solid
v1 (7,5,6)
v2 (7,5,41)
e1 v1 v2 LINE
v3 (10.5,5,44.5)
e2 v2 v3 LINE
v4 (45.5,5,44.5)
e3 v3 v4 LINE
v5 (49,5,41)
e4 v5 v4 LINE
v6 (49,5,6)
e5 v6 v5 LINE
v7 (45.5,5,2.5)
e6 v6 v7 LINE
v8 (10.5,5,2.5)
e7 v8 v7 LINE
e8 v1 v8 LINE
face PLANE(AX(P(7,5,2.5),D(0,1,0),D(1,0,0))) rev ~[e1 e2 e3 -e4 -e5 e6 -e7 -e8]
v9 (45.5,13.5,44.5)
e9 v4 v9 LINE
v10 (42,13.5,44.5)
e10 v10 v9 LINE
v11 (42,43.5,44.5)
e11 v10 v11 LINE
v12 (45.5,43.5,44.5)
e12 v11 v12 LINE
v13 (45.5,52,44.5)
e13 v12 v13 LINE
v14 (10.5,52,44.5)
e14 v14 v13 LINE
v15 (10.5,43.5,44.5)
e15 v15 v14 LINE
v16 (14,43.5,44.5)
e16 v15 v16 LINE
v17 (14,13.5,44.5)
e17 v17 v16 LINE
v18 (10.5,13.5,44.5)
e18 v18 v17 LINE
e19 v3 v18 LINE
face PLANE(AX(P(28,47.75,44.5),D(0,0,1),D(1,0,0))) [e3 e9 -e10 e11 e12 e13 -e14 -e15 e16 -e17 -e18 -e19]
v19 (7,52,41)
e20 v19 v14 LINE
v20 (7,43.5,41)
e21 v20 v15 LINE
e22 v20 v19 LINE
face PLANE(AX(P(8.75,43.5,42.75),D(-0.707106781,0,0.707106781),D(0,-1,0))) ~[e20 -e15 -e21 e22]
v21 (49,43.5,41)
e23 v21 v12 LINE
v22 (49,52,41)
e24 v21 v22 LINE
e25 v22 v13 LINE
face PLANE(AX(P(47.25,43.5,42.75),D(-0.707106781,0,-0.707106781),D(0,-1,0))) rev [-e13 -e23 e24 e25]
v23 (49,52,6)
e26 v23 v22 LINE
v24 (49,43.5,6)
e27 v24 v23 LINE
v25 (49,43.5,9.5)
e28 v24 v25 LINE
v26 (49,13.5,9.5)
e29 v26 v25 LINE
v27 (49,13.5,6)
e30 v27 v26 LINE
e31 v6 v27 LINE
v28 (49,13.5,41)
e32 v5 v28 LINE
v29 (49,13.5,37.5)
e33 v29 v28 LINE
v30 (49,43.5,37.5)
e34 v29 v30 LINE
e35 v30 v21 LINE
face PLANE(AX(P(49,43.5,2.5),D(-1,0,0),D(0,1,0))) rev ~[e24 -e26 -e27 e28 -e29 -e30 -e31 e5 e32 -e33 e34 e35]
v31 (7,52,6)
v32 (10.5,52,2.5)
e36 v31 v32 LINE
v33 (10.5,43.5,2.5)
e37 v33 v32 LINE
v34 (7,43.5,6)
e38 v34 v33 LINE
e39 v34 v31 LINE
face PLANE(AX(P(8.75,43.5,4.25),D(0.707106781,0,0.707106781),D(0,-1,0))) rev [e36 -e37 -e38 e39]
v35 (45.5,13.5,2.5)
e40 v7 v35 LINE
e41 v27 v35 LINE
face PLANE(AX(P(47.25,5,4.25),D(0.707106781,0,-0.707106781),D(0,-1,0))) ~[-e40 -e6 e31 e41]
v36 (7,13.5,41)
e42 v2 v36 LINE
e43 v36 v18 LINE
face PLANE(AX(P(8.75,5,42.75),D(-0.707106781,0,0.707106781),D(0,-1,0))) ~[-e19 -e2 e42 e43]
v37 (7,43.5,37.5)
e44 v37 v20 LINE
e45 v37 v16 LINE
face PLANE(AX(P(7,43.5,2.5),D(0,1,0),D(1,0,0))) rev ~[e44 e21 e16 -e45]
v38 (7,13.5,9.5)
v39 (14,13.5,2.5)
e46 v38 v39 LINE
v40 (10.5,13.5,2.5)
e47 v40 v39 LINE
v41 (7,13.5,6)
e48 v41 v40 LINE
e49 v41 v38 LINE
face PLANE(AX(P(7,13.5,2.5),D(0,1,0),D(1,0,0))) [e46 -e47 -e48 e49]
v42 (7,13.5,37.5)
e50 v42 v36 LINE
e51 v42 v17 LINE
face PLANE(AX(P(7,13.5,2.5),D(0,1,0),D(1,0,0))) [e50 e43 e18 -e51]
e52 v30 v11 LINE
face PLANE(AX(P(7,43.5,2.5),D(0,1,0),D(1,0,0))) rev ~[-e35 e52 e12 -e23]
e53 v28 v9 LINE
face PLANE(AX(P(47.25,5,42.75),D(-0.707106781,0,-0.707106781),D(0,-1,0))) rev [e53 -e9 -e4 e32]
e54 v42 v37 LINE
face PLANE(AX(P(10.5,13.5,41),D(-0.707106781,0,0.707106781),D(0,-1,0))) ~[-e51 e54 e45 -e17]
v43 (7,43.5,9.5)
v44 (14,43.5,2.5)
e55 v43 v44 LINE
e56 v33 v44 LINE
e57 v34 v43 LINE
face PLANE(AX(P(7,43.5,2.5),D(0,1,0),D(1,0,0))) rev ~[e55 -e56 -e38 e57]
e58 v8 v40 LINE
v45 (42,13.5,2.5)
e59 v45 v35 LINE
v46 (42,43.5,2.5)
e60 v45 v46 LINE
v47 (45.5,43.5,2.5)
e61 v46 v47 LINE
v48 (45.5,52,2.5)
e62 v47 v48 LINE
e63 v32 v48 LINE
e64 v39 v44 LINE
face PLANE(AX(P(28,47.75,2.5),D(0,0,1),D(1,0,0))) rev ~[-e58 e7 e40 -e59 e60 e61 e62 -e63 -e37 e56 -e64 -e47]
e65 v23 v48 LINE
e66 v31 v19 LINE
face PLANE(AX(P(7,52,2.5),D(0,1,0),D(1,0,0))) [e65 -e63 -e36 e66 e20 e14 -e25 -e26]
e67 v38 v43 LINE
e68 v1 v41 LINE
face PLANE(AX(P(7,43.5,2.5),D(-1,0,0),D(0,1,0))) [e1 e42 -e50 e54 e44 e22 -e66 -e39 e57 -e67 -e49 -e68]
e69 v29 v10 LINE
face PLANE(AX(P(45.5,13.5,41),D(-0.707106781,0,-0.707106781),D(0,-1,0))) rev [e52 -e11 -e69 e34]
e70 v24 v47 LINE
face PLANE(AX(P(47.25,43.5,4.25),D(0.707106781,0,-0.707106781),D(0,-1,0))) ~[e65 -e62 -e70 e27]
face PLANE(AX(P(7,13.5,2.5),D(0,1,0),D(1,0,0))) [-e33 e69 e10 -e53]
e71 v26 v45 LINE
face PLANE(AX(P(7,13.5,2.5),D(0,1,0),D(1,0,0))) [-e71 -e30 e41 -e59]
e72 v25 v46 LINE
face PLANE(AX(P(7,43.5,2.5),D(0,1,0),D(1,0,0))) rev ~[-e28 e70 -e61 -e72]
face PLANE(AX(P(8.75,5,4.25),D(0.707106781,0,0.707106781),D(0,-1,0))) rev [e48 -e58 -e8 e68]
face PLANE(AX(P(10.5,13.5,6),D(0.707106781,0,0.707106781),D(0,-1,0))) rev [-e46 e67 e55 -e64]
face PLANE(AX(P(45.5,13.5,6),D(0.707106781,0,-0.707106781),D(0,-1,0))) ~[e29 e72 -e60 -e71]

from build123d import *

# Parameters (mm, degrees)
BOX013_W        = 42
BOX013_H        = 8.5
BOX013_DEPTH    = 42
CHAMFER001_SIZE = 3.5
BOX_W           = 42
BOX_H           = 30
BOX_DEPTH       = 42
CHAMFER002_SIZE = 7
BOX012_W        = 42
BOX012_H        = 8.5
BOX012_DEPTH    = 42
CHAMFER_SIZE    = 3.5


with BuildPart() as chamfer001:
    # Box013 → Box013 (new body)
    with BuildSketch(Plane(origin=(7, 43.5, 2.5), x_dir=(1, 0, 0), z_dir=(0, 0, 1))):
        with Locations((21, 4.25)):
            Rectangle(BOX013_W, BOX013_H)
    extrude(amount=BOX013_DEPTH)

    # Chamfer001
    chamfer001_edges = [chamfer001.edges().sort_by_distance(p)[0] for p in [
        (7, 47.75, 44.5),
        (7, 47.75, 2.5),
        (49, 47.75, 44.5),
        (49, 47.75, 2.5),
    ]]
    chamfer(chamfer001_edges, length=CHAMFER001_SIZE)


with BuildPart() as chamfer002:
    # Box → Box (new body)
    with BuildSketch(Plane(origin=(7, 13.5, 2.5), x_dir=(1, 0, 0), z_dir=(0, 0, 1))):
        with Locations((21, 15)):
            Rectangle(BOX_W, BOX_H)
    extrude(amount=BOX_DEPTH)

    # Chamfer002
    chamfer002_edges = [chamfer002.edges().sort_by_distance(p)[0] for p in [
        (7, 28.5, 44.5),
        (7, 28.5, 2.5),
        (49, 28.5, 44.5),
        (49, 28.5, 2.5),
    ]]
    chamfer(chamfer002_edges, length=CHAMFER002_SIZE)


with BuildPart() as do_not_print_nema17_dummy:
    # Box012 → Box012 (new body)
    with BuildSketch(Plane(origin=(7, 5, 2.5), x_dir=(1, 0, 0), z_dir=(0, 0, 1))):
        with Locations((21, 4.25)):
            Rectangle(BOX012_W, BOX012_H)
    extrude(amount=BOX012_DEPTH)

    # Chamfer
    chamfer_edges = [do_not_print_nema17_dummy.edges().sort_by_distance(p)[0] for p in [
        (7, 9.25, 44.5),
        (7, 9.25, 2.5),
        (49, 9.25, 44.5),
        (49, 9.25, 2.5),
    ]]
    chamfer(chamfer_edges, length=CHAMFER_SIZE)

    # Fusion: union Chamfer001, Chamfer002
    add(chamfer001.part)
    add(chamfer002.part)


solid = do_not_print_nema17_dummy.part
